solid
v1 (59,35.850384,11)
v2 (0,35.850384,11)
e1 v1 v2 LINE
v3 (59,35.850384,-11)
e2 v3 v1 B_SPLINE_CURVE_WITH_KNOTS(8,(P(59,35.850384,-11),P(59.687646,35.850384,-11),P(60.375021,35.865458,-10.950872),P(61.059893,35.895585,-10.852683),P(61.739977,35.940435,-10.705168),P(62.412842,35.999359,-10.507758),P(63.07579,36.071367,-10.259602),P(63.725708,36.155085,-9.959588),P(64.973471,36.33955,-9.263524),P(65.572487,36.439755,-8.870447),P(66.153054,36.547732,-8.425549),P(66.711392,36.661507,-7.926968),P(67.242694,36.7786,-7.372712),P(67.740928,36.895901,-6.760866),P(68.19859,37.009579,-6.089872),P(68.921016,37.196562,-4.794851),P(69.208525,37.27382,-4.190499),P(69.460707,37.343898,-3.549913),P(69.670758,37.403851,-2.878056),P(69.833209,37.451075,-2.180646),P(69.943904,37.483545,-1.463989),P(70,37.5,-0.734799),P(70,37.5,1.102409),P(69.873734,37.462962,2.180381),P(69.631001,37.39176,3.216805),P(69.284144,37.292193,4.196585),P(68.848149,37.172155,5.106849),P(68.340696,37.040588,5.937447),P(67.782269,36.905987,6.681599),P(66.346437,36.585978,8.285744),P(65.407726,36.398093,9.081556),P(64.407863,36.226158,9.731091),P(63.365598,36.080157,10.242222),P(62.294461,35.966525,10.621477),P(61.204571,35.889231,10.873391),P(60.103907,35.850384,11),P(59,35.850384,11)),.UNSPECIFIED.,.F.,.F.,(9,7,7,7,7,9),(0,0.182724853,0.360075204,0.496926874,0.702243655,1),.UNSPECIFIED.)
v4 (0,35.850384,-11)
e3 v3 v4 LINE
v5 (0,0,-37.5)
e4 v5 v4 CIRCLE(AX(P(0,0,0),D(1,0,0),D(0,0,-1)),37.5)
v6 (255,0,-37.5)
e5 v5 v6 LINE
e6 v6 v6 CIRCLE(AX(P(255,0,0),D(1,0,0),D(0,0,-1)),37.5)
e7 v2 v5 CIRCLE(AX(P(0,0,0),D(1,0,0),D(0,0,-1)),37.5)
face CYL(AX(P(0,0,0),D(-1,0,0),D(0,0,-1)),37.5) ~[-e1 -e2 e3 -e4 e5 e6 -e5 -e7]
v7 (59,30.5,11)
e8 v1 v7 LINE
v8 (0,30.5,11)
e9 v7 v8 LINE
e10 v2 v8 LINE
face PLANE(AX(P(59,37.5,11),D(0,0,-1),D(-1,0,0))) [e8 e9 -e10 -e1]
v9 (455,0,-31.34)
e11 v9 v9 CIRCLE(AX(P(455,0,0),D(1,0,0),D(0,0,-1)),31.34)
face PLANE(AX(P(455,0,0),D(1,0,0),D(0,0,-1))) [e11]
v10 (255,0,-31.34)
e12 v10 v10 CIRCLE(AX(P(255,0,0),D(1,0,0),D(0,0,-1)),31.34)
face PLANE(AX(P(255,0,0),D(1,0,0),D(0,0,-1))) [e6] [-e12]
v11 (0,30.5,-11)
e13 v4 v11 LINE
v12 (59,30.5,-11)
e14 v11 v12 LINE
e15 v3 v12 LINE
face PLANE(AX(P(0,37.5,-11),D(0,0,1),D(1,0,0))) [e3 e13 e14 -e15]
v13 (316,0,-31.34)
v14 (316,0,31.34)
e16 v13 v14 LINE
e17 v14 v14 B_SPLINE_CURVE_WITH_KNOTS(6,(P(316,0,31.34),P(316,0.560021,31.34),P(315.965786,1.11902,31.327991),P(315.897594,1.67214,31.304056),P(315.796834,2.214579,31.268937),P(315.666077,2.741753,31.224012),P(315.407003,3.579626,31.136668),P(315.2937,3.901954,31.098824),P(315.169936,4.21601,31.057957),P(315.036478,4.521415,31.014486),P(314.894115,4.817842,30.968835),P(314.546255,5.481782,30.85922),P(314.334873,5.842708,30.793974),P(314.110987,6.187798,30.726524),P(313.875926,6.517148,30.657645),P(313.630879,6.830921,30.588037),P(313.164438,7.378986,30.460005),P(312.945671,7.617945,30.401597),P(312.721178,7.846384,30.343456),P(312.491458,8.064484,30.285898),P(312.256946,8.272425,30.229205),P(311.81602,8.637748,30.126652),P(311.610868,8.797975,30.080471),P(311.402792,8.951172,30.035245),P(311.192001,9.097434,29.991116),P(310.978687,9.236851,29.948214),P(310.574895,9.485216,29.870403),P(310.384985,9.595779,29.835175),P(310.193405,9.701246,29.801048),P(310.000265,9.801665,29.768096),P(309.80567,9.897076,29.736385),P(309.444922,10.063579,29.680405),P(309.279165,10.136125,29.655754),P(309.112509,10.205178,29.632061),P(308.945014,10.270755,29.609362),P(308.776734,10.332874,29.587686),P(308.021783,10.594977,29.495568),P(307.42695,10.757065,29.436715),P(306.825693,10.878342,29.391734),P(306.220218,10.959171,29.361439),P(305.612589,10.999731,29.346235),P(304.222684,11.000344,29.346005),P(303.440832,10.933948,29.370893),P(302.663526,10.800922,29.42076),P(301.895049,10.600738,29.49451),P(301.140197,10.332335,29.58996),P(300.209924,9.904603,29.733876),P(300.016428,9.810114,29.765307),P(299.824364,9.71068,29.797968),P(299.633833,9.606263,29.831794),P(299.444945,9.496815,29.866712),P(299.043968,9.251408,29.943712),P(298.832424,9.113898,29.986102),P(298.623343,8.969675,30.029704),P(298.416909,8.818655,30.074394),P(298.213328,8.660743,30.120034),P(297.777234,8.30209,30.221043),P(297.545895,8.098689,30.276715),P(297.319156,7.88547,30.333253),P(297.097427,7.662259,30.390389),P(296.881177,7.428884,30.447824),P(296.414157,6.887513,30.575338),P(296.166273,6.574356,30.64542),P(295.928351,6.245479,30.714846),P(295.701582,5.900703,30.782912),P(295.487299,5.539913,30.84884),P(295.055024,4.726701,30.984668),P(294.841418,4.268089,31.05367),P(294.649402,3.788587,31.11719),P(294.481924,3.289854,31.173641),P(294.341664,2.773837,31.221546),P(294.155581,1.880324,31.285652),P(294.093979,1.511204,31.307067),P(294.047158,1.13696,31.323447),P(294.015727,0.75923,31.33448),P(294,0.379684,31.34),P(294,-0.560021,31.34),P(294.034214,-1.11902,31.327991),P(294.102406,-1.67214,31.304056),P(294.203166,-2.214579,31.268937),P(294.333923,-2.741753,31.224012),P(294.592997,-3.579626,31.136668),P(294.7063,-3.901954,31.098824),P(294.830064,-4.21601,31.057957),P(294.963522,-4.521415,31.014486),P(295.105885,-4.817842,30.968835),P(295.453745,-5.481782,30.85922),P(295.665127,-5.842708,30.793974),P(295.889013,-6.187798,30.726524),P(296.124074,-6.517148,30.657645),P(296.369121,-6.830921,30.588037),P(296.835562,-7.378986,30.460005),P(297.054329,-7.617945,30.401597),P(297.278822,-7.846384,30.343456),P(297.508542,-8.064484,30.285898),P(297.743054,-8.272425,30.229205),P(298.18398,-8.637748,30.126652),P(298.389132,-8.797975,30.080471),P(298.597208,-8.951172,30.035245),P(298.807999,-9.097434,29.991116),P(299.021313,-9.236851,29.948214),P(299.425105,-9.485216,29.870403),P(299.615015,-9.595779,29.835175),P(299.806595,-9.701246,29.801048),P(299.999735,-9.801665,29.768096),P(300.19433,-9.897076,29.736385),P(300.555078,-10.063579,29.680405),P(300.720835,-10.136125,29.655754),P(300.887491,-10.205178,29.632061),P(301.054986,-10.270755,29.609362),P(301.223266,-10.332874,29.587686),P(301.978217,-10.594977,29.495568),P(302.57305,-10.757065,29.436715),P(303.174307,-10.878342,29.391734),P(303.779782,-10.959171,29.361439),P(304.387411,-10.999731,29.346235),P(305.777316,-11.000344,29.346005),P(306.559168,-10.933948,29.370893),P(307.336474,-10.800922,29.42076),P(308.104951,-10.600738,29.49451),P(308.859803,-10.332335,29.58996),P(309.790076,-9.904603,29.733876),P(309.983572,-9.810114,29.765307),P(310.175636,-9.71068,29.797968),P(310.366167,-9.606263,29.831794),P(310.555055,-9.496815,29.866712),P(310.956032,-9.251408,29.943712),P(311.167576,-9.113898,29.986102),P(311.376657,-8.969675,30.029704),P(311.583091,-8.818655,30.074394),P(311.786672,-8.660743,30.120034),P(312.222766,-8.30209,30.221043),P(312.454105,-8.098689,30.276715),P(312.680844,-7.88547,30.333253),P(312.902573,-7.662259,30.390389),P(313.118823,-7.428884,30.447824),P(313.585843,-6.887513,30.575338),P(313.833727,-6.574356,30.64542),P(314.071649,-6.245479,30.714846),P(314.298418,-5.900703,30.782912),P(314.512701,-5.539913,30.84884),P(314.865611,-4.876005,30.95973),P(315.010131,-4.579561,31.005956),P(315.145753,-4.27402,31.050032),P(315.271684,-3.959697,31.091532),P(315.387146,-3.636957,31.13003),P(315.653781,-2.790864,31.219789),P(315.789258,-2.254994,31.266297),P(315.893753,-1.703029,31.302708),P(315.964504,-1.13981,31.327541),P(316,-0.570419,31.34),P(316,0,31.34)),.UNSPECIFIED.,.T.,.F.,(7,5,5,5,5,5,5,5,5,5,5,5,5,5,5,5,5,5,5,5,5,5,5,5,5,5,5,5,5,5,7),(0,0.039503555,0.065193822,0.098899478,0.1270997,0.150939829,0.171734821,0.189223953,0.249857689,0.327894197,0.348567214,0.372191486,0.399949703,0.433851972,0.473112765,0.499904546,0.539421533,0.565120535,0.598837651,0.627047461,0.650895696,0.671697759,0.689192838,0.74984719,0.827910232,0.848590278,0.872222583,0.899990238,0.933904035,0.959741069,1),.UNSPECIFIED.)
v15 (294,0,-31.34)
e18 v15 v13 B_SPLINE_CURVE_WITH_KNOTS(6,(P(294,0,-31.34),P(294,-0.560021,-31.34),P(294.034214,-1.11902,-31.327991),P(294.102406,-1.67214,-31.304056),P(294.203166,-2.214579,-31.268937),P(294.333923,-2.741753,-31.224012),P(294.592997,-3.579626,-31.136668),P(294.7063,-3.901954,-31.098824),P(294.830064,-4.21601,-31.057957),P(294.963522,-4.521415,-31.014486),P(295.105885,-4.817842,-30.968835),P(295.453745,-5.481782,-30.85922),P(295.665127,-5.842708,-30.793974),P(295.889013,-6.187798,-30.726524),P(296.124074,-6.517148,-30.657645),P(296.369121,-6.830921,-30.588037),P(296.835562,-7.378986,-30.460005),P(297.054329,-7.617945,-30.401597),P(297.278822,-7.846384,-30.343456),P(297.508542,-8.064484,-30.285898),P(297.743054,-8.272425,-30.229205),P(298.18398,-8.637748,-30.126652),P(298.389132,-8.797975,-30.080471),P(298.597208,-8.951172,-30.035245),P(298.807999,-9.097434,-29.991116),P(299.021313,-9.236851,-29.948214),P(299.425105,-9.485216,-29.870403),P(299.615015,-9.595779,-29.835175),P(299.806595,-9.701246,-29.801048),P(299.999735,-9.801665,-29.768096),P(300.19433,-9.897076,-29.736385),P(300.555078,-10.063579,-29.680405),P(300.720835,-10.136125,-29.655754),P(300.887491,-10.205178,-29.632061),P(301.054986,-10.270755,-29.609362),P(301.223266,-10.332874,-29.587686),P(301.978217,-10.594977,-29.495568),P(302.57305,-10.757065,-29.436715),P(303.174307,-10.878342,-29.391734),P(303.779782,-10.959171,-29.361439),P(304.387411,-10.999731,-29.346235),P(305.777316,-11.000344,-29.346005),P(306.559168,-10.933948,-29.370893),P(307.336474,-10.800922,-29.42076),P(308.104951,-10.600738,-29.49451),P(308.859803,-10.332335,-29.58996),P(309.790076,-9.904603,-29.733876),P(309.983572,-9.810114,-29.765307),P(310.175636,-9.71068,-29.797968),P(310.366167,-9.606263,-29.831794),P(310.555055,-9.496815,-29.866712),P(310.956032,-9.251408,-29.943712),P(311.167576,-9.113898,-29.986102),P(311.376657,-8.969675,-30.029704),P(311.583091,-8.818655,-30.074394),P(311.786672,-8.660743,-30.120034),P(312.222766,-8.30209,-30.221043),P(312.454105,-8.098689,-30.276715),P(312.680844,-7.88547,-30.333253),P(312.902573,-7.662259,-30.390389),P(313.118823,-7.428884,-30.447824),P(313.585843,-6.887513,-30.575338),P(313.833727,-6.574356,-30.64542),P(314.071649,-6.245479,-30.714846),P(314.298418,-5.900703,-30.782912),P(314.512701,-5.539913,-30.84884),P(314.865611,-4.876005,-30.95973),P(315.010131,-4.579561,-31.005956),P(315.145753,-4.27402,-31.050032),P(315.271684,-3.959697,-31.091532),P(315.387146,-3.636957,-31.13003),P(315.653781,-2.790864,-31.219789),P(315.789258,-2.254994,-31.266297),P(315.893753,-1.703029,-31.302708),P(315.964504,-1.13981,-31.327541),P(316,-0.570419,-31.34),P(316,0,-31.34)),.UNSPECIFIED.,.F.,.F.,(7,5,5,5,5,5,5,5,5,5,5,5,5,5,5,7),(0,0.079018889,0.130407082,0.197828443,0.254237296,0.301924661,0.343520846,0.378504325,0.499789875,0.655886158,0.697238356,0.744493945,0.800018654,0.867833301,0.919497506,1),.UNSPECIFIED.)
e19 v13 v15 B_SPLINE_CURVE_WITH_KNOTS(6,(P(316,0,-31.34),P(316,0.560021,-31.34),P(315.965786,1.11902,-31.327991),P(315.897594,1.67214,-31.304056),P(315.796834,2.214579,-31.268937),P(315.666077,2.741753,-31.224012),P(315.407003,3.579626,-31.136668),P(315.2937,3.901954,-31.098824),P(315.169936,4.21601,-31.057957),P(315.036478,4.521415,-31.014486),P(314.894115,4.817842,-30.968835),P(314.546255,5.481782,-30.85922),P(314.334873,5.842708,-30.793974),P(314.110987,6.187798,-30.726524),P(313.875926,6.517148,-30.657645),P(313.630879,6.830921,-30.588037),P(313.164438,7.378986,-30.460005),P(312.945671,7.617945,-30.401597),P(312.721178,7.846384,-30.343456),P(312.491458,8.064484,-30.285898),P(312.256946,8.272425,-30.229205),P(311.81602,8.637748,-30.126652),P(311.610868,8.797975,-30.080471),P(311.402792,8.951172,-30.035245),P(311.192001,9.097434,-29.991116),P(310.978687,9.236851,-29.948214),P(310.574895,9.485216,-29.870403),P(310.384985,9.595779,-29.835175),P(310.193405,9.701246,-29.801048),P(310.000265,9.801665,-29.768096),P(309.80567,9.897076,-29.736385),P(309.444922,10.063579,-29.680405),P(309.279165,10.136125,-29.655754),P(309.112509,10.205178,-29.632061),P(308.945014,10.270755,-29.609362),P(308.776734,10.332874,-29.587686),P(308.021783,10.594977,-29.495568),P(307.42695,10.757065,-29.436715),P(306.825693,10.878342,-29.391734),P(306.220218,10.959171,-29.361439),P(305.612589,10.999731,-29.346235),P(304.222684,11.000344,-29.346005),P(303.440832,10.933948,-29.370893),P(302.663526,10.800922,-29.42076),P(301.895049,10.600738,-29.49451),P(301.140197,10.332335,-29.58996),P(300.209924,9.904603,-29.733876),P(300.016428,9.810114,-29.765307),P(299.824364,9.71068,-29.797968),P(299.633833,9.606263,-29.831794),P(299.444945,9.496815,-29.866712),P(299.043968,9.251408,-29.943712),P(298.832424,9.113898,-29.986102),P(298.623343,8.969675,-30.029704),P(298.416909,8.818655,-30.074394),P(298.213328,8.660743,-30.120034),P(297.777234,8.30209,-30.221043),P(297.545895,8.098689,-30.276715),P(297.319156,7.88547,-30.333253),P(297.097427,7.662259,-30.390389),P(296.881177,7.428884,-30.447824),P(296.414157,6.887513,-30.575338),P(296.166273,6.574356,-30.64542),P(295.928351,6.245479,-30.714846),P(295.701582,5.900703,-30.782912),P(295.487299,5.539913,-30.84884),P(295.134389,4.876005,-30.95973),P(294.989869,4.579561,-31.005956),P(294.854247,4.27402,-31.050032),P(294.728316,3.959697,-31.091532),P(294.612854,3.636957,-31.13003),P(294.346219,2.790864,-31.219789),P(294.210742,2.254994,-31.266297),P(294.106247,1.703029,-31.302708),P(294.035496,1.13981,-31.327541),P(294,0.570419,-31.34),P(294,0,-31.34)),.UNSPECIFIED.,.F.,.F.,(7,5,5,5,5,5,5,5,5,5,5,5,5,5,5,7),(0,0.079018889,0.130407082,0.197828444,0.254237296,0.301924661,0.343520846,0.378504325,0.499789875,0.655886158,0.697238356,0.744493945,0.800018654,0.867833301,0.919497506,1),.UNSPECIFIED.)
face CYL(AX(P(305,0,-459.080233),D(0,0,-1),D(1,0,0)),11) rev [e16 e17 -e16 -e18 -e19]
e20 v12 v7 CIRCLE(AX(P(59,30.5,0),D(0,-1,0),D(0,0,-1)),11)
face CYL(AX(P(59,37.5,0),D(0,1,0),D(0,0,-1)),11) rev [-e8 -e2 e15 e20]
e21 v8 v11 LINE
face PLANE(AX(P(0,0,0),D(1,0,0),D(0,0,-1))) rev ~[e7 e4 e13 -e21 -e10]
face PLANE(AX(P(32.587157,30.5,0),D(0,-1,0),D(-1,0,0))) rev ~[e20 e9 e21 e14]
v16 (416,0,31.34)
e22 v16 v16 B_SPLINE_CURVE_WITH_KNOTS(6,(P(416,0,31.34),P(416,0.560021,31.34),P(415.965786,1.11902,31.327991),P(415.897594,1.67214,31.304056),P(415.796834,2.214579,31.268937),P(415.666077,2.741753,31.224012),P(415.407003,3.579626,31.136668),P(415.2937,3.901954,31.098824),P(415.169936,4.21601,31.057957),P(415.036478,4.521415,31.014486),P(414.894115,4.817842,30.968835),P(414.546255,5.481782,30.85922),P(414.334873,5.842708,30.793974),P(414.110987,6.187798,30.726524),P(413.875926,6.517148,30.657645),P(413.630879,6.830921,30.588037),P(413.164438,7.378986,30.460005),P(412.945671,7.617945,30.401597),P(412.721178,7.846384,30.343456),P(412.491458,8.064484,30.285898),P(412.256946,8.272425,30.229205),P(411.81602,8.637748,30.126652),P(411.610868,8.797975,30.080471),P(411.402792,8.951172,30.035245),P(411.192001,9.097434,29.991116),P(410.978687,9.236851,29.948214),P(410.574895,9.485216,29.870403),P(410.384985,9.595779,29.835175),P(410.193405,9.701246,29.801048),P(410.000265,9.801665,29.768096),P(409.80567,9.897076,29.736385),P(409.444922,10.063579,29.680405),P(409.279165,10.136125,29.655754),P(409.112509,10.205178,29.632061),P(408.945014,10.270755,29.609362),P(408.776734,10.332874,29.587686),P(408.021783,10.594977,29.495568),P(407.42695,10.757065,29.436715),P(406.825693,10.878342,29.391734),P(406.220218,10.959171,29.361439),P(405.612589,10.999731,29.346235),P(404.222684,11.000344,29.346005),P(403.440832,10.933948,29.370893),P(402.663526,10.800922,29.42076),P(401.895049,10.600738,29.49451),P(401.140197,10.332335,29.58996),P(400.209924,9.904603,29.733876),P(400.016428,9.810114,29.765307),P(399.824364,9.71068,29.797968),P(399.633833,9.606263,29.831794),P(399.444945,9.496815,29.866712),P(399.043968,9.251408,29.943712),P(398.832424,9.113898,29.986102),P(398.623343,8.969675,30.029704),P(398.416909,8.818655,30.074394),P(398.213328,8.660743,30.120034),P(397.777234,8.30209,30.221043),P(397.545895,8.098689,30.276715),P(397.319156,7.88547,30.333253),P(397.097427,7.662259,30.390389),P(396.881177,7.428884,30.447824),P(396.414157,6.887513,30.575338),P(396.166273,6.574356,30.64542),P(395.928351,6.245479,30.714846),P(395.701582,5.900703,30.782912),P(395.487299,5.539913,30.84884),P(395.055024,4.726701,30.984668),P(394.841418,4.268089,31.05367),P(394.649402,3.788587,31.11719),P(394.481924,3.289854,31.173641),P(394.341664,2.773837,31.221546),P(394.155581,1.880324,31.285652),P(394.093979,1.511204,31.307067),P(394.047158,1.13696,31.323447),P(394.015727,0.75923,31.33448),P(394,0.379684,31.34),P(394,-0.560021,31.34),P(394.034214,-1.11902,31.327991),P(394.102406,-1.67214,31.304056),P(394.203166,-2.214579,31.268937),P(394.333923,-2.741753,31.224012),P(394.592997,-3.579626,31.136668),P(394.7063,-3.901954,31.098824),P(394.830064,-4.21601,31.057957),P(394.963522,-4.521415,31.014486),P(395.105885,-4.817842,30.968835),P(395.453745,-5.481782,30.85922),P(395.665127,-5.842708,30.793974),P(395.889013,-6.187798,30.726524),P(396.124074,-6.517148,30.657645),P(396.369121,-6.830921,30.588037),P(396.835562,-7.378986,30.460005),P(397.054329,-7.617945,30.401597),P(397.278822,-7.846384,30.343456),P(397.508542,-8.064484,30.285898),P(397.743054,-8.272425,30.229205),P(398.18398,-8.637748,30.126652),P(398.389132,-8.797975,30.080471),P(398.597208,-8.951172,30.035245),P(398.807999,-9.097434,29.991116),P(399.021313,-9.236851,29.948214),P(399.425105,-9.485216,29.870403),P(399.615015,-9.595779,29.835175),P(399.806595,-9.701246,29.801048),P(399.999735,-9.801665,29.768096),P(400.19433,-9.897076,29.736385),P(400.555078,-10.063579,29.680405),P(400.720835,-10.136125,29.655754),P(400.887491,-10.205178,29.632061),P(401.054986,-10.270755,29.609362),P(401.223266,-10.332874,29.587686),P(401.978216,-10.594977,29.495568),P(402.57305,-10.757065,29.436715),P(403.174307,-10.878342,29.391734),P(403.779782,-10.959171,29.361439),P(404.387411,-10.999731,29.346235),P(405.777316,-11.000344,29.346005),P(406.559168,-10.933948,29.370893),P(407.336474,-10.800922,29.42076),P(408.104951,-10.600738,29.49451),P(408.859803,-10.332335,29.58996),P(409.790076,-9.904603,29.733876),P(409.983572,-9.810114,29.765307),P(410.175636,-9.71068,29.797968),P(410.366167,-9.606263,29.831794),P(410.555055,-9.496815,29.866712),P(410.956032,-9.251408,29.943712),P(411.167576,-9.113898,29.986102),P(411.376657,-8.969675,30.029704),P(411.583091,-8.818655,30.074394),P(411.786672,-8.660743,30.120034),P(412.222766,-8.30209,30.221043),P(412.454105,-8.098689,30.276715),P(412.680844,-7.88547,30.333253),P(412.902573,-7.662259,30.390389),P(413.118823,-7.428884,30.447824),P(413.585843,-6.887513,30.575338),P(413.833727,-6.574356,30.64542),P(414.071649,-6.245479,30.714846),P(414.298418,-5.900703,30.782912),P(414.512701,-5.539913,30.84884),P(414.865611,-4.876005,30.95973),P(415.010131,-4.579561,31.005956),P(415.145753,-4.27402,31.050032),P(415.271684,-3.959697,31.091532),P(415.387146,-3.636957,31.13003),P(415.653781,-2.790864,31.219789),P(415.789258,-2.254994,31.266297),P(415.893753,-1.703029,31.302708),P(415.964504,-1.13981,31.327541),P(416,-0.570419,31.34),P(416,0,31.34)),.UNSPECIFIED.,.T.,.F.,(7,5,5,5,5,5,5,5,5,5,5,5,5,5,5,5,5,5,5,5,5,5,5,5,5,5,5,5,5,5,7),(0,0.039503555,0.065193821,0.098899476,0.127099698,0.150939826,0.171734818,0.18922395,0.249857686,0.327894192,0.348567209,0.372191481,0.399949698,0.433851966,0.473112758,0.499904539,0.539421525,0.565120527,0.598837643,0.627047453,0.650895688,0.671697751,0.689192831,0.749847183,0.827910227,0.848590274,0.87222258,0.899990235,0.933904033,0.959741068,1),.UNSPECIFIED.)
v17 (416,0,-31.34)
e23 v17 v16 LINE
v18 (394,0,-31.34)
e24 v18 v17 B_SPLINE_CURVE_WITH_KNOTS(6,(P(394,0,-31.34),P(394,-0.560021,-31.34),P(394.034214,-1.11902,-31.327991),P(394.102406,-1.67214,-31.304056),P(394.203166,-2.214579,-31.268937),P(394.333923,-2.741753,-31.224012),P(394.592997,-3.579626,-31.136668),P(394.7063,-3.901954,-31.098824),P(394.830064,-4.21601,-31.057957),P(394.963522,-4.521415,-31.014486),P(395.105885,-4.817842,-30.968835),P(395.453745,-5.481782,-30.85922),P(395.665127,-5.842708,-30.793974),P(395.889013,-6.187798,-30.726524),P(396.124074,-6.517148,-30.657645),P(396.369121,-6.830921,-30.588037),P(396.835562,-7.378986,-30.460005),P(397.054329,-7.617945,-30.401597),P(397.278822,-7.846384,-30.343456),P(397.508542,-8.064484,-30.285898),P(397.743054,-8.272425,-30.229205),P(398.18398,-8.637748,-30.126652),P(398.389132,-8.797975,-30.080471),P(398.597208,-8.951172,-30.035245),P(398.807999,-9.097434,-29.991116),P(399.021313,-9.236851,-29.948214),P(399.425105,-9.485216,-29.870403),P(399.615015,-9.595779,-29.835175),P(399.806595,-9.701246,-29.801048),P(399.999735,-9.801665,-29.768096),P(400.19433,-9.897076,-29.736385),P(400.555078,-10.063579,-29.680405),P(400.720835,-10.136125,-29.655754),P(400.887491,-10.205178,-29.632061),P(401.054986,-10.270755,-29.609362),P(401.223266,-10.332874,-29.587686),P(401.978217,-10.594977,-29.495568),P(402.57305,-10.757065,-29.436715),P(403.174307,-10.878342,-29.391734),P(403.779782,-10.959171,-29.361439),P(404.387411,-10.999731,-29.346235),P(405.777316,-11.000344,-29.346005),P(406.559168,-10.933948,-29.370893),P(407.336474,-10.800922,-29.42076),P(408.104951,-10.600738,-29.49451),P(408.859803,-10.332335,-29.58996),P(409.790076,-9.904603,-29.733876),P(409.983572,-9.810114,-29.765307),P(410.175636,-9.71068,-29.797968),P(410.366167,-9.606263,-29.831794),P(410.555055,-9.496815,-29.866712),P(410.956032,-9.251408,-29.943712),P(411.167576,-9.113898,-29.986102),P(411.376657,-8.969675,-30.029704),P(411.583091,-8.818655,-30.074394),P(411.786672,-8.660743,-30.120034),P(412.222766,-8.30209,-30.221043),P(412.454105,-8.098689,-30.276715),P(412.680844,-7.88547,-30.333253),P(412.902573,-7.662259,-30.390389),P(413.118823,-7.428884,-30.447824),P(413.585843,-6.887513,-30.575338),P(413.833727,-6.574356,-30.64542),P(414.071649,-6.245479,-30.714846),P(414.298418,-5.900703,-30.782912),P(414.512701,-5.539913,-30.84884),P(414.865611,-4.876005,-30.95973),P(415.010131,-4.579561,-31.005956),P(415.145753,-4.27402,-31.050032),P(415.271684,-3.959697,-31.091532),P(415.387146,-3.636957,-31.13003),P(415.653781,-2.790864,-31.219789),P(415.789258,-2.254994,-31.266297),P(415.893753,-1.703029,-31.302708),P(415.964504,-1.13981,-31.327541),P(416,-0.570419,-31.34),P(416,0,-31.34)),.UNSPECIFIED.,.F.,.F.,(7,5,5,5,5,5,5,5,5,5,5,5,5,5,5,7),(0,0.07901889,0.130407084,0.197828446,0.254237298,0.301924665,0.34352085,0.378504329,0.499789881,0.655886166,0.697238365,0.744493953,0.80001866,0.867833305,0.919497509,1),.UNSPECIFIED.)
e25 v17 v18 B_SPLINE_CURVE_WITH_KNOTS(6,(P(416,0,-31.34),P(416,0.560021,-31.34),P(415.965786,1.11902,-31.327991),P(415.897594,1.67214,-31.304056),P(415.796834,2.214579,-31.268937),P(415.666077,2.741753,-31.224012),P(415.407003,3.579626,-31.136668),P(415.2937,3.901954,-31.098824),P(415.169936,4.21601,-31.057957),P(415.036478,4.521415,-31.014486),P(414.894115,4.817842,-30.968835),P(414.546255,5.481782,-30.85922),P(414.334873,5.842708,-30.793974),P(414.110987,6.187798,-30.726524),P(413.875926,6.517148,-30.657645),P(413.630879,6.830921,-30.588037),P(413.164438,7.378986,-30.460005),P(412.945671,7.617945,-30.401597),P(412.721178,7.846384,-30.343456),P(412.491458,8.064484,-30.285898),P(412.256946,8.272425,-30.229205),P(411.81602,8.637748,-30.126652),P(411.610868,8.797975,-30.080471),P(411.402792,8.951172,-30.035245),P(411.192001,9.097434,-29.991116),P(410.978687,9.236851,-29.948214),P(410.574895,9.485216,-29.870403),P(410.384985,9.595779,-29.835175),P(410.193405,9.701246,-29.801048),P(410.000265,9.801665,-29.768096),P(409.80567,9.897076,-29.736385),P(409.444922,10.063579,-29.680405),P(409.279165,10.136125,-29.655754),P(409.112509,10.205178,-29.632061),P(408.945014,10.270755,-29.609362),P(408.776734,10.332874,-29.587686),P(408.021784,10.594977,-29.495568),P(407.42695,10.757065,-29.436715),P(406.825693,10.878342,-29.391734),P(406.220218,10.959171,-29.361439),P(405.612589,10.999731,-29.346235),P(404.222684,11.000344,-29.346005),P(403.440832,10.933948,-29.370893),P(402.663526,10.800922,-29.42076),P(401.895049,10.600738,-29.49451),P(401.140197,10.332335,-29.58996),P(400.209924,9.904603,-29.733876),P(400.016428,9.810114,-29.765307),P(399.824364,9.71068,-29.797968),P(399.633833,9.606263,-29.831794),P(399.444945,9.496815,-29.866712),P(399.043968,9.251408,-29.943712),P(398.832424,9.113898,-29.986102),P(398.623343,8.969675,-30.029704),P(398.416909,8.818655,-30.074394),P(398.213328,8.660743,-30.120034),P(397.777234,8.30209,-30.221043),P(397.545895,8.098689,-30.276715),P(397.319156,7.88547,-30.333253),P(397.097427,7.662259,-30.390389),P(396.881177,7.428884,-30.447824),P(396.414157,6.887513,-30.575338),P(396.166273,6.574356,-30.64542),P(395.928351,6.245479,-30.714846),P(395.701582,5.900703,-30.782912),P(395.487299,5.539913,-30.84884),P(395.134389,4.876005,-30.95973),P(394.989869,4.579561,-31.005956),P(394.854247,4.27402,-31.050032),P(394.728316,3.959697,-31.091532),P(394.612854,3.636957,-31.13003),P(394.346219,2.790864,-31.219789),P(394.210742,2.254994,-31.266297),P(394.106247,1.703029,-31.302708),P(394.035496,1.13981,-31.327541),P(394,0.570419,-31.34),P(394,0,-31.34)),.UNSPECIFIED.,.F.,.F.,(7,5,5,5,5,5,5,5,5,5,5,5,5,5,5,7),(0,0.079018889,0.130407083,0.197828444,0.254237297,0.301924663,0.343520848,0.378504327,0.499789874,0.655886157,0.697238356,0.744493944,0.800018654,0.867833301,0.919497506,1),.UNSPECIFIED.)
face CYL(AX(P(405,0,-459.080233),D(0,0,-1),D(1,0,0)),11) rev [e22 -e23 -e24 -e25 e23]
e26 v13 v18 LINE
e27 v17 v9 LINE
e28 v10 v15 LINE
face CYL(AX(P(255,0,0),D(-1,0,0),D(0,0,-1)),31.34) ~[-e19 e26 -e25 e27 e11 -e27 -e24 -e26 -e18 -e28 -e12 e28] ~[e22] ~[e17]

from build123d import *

# Parameters (mm, degrees)
SKETCH1_R               = 37.5
BOSS_EXTRUDE1_DEPTH     = 255
SKETCH2_R               = 31.34
BOSS_EXTRUDE2_DEPTH     = 200
CUT_EXTRUDE1_DEPTH      = 7
CUT_EXTRUDE2_DEPTH      = 459.080233163
CUT_EXTRUDE2_DEPTH_BACK = 459.080233163
SKETCH4_R               = 11


with BuildPart() as part:
    # Sketch1 → Boss-Extrude1 (new body)
    with BuildSketch(Plane(origin=(0, 0, 0), x_dir=(0, 0, -1), z_dir=(1, 0, 0))):
        Circle(SKETCH1_R)
    extrude(amount=BOSS_EXTRUDE1_DEPTH)

    # Sketch2 → Boss-Extrude2 (add)
    with BuildSketch(Plane(origin=(255, 0, 0), x_dir=(0, 0, -1), z_dir=(1, 0, 0))):
        Circle(SKETCH2_R)
    extrude(amount=BOSS_EXTRUDE2_DEPTH)

    # Sketch3 → Cut-Extrude1 (cut)
    with BuildSketch(Plane(origin=(0, 37.5, 0), x_dir=(1, 0, 0), z_dir=(0, 1, 0))):
        with BuildLine():
            Line((59, -11), (0, -11))
            Line((0, -11), (0, 11))
            Line((0, 11), (59, 11))
            ThreePointArc((59, 11), (70, 0), (59, -11))
        make_face()
    extrude(amount=-CUT_EXTRUDE1_DEPTH, mode=Mode.SUBTRACT)

    # Sketch4 → Cut-Extrude2 (cut, two sides: drawn at the far end of the back side and taken through both)
    with BuildSketch(Plane.XY.offset(-CUT_EXTRUDE2_DEPTH_BACK)):
        with Locations((405, 0)):
            Circle(SKETCH4_R)
        with Locations((305, 0)):
            Circle(SKETCH4_R)
    extrude(amount=CUT_EXTRUDE2_DEPTH + CUT_EXTRUDE2_DEPTH_BACK, mode=Mode.SUBTRACT)


solid = part.part
